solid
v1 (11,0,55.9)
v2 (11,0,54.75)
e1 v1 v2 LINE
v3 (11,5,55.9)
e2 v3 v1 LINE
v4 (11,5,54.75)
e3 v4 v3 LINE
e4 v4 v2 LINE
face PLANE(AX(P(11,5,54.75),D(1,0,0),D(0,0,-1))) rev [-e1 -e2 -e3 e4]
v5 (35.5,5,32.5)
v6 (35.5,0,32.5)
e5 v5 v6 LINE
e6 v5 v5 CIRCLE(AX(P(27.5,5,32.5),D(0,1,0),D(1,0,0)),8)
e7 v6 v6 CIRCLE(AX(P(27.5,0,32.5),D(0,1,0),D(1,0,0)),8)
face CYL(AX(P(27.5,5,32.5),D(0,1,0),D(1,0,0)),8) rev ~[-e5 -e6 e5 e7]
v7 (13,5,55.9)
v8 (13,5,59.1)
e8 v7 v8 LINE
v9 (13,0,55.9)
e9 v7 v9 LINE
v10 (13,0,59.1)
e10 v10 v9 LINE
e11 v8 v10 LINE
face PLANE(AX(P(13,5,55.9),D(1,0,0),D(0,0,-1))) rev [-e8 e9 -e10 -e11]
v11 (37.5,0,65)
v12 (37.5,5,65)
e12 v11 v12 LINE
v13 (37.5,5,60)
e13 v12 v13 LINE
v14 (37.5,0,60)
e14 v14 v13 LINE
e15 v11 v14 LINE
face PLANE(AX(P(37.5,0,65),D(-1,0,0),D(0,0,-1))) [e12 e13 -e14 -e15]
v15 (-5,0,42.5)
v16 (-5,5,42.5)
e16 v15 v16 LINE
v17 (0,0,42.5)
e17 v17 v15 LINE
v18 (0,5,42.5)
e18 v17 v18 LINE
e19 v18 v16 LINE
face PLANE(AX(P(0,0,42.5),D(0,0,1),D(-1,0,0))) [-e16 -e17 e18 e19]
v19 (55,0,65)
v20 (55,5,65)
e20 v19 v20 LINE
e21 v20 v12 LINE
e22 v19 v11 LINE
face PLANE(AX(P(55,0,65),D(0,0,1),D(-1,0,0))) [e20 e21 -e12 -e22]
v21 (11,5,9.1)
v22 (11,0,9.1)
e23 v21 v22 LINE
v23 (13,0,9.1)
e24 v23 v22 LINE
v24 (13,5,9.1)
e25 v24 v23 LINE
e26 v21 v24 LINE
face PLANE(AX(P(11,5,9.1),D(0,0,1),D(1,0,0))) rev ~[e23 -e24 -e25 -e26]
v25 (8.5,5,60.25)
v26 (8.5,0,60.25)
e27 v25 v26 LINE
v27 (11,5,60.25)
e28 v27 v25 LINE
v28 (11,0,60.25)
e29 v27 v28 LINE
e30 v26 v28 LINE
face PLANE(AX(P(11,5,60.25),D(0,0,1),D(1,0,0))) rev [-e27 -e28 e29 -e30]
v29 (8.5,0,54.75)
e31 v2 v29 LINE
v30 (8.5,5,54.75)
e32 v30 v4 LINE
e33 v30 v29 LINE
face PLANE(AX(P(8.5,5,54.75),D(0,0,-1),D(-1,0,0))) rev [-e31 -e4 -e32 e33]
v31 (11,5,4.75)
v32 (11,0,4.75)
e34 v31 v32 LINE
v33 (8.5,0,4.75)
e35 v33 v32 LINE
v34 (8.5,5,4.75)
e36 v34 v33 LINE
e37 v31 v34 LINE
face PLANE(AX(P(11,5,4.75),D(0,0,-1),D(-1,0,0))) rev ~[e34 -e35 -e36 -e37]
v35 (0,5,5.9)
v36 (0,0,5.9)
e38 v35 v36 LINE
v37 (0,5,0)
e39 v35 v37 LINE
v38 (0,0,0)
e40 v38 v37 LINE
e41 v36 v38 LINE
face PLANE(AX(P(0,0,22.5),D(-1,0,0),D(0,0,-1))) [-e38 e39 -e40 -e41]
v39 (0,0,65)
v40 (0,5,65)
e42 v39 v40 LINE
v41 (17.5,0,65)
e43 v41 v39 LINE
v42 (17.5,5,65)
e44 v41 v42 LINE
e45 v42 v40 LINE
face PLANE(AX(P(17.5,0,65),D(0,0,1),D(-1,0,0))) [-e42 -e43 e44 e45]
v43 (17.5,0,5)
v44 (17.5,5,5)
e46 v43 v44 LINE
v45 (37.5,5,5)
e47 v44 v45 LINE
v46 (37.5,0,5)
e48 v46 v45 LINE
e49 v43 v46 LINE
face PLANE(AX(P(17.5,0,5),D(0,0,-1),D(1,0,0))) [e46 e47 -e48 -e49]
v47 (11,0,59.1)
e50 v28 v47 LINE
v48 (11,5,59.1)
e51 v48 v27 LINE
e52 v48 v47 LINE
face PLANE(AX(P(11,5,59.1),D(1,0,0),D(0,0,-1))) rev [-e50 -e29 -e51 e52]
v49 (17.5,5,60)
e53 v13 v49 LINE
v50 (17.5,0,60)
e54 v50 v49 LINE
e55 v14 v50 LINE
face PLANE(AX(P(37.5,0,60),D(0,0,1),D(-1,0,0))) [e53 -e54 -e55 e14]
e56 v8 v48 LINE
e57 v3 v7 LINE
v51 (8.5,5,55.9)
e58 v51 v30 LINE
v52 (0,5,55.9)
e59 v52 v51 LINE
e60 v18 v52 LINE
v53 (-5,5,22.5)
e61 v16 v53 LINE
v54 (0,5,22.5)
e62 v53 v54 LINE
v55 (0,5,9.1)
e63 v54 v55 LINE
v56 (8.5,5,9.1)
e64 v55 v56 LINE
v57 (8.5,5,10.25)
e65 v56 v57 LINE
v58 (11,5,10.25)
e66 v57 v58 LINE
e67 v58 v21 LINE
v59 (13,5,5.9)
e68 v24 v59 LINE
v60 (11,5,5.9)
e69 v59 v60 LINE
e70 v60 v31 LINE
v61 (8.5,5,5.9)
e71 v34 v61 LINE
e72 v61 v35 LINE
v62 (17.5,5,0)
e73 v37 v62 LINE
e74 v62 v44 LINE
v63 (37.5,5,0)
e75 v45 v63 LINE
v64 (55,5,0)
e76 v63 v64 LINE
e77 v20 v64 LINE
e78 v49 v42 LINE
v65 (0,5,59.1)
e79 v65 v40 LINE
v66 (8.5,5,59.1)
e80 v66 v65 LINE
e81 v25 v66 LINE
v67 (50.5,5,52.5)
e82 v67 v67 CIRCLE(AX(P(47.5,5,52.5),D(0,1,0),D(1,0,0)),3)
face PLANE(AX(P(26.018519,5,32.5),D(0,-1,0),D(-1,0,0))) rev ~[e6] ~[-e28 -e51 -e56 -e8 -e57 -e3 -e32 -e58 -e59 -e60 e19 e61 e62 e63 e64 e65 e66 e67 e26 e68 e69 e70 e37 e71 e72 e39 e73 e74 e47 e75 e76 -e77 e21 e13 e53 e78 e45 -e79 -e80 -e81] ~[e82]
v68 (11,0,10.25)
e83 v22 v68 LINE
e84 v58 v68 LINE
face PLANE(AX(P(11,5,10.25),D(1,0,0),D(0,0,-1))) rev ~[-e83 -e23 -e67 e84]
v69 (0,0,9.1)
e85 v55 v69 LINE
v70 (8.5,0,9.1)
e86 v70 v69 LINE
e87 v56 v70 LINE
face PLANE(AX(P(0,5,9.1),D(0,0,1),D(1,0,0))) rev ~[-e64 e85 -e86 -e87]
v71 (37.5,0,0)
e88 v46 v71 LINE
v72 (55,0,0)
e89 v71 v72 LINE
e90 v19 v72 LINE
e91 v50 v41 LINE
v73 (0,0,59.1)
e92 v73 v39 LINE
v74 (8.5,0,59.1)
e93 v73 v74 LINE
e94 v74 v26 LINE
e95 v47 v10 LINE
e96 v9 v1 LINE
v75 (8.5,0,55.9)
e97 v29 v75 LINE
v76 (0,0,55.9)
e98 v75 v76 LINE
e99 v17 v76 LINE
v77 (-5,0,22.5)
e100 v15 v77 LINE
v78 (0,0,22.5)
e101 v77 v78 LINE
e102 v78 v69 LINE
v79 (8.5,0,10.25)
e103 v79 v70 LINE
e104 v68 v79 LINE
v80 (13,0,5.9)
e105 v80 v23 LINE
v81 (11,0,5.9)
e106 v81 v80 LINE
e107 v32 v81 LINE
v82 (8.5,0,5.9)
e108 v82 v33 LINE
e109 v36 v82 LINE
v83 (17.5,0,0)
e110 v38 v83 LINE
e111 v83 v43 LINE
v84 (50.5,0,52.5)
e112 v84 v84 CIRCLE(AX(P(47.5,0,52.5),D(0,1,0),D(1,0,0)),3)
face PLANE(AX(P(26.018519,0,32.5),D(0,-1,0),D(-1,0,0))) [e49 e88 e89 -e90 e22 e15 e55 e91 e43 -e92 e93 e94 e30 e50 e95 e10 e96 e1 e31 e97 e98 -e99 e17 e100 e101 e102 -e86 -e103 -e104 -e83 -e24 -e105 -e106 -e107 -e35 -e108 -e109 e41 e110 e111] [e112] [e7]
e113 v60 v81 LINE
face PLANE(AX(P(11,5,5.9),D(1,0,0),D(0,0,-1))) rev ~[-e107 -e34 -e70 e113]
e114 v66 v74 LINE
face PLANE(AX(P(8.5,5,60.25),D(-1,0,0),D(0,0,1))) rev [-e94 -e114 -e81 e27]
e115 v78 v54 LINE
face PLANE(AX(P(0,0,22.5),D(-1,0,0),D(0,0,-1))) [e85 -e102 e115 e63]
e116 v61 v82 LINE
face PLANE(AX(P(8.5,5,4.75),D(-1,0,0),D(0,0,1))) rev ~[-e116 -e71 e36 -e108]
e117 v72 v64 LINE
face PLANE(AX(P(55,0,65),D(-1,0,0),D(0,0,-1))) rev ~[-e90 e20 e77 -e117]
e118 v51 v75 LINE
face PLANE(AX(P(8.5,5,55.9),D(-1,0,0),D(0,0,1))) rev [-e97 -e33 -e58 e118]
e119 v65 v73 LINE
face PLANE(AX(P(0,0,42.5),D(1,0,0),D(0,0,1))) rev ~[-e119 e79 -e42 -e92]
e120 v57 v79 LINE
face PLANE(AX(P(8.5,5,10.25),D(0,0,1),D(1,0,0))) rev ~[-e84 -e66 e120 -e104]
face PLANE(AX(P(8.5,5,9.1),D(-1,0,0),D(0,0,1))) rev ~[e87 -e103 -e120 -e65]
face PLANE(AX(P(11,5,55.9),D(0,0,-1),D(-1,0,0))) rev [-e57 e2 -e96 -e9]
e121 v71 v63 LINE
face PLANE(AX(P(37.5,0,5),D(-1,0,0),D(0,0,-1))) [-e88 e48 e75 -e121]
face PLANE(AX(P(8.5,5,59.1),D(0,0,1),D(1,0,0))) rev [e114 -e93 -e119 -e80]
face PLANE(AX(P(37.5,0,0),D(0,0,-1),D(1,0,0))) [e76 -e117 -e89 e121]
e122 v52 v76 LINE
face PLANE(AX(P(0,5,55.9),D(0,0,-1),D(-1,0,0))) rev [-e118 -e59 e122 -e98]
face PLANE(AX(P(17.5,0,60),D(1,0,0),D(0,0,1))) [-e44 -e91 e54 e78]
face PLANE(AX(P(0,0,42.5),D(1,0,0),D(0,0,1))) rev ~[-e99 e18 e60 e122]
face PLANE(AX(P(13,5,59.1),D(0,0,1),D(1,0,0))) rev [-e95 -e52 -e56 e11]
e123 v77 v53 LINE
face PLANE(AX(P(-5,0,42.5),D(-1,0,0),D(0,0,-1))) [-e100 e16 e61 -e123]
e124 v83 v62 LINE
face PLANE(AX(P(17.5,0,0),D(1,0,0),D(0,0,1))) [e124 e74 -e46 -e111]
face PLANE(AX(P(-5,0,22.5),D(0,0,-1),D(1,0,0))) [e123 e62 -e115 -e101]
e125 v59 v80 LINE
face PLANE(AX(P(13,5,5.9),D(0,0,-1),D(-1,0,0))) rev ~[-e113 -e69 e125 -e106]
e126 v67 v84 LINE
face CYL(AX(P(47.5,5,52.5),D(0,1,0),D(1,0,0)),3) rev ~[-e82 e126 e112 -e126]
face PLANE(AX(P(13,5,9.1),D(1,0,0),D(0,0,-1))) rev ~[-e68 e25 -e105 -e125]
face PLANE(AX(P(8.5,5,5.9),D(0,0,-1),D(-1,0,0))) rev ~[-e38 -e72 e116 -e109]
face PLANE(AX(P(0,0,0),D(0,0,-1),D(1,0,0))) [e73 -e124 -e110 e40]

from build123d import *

# Parameters (mm, degrees)
BOSS_EXTRU_1_DEPTH      = 5
ESQUISSE2_R             = 8
ENL_V_MAT_EXTRU_1_DEPTH = 10
ENL_V_MAT_EXTRU_2_DEPTH = 10
ESQUISSE4_R             = 3
ENL_V_MAT_EXTRU_3_DEPTH = 10


with BuildPart() as part:
    # Esquisse1 → Boss.-Extru.1 (new body)
    with BuildSketch(Plane(origin=(0, 0, 0), x_dir=(1, 0, 0), z_dir=(0, 1, 0))):
        Polygon((17.5, -5), (37.5, -5), (37.5, 0), (55, 0), (55, -60), (55, -65), (37.5, -65), (37.5, -60), (17.5, -60), (17.5, -65), (0, -65), (0, -60), (0, -42.5), (-5, -42.5), (-5, -22.5), (0, -22.5), (0, 0), (17.5, 0), align=None)
    extrude(amount=BOSS_EXTRU_1_DEPTH)

    # Esquisse2 → Enlèv. mat.-Extru.1 (cut)
    with BuildSketch(Plane(origin=(0, 5, 0), x_dir=(1, 0, 0), z_dir=(0, 1, 0))):
        with Locations((27.5, -32.5)):
            Circle(ESQUISSE2_R)
    extrude(amount=-ENL_V_MAT_EXTRU_1_DEPTH, mode=Mode.SUBTRACT)

    # Esquisse3 → Enlèv. mat.-Extru.2 (cut)
    with BuildSketch(Plane(origin=(0, 5, 0), x_dir=(1, 0, 0), z_dir=(0, 1, 0))):
        Polygon((13, -5.9), (11, -5.9), (11, -4.75), (8.5, -4.75), (8.5, -5.9), (0, -5.9), (0, -9.1), (8.5, -9.1), (8.5, -10.25), (11, -10.25), (11, -9.1), (13, -9.1), align=None)
    enl_v_mat_extru_2 = extrude(amount=-ENL_V_MAT_EXTRU_2_DEPTH, mode=Mode.SUBTRACT)

    # Symétrie1: Enlèv. mat.-Extru.2 across plane
    add(enl_v_mat_extru_2.mirror(Plane(origin=(0, 0, 32.5), x_dir=(1, 0, 0), z_dir=(0, 0, -1))), mode=Mode.SUBTRACT)

    # Esquisse4 → Enlèv. mat.-Extru.3 (cut)
    with BuildSketch(Plane(origin=(0, 5, 0), x_dir=(1, 0, 0), z_dir=(0, 1, 0))):
        with Locations((47.5, -52.5)):
            Circle(ESQUISSE4_R)
    extrude(amount=-ENL_V_MAT_EXTRU_3_DEPTH, mode=Mode.SUBTRACT)


solid = part.part
